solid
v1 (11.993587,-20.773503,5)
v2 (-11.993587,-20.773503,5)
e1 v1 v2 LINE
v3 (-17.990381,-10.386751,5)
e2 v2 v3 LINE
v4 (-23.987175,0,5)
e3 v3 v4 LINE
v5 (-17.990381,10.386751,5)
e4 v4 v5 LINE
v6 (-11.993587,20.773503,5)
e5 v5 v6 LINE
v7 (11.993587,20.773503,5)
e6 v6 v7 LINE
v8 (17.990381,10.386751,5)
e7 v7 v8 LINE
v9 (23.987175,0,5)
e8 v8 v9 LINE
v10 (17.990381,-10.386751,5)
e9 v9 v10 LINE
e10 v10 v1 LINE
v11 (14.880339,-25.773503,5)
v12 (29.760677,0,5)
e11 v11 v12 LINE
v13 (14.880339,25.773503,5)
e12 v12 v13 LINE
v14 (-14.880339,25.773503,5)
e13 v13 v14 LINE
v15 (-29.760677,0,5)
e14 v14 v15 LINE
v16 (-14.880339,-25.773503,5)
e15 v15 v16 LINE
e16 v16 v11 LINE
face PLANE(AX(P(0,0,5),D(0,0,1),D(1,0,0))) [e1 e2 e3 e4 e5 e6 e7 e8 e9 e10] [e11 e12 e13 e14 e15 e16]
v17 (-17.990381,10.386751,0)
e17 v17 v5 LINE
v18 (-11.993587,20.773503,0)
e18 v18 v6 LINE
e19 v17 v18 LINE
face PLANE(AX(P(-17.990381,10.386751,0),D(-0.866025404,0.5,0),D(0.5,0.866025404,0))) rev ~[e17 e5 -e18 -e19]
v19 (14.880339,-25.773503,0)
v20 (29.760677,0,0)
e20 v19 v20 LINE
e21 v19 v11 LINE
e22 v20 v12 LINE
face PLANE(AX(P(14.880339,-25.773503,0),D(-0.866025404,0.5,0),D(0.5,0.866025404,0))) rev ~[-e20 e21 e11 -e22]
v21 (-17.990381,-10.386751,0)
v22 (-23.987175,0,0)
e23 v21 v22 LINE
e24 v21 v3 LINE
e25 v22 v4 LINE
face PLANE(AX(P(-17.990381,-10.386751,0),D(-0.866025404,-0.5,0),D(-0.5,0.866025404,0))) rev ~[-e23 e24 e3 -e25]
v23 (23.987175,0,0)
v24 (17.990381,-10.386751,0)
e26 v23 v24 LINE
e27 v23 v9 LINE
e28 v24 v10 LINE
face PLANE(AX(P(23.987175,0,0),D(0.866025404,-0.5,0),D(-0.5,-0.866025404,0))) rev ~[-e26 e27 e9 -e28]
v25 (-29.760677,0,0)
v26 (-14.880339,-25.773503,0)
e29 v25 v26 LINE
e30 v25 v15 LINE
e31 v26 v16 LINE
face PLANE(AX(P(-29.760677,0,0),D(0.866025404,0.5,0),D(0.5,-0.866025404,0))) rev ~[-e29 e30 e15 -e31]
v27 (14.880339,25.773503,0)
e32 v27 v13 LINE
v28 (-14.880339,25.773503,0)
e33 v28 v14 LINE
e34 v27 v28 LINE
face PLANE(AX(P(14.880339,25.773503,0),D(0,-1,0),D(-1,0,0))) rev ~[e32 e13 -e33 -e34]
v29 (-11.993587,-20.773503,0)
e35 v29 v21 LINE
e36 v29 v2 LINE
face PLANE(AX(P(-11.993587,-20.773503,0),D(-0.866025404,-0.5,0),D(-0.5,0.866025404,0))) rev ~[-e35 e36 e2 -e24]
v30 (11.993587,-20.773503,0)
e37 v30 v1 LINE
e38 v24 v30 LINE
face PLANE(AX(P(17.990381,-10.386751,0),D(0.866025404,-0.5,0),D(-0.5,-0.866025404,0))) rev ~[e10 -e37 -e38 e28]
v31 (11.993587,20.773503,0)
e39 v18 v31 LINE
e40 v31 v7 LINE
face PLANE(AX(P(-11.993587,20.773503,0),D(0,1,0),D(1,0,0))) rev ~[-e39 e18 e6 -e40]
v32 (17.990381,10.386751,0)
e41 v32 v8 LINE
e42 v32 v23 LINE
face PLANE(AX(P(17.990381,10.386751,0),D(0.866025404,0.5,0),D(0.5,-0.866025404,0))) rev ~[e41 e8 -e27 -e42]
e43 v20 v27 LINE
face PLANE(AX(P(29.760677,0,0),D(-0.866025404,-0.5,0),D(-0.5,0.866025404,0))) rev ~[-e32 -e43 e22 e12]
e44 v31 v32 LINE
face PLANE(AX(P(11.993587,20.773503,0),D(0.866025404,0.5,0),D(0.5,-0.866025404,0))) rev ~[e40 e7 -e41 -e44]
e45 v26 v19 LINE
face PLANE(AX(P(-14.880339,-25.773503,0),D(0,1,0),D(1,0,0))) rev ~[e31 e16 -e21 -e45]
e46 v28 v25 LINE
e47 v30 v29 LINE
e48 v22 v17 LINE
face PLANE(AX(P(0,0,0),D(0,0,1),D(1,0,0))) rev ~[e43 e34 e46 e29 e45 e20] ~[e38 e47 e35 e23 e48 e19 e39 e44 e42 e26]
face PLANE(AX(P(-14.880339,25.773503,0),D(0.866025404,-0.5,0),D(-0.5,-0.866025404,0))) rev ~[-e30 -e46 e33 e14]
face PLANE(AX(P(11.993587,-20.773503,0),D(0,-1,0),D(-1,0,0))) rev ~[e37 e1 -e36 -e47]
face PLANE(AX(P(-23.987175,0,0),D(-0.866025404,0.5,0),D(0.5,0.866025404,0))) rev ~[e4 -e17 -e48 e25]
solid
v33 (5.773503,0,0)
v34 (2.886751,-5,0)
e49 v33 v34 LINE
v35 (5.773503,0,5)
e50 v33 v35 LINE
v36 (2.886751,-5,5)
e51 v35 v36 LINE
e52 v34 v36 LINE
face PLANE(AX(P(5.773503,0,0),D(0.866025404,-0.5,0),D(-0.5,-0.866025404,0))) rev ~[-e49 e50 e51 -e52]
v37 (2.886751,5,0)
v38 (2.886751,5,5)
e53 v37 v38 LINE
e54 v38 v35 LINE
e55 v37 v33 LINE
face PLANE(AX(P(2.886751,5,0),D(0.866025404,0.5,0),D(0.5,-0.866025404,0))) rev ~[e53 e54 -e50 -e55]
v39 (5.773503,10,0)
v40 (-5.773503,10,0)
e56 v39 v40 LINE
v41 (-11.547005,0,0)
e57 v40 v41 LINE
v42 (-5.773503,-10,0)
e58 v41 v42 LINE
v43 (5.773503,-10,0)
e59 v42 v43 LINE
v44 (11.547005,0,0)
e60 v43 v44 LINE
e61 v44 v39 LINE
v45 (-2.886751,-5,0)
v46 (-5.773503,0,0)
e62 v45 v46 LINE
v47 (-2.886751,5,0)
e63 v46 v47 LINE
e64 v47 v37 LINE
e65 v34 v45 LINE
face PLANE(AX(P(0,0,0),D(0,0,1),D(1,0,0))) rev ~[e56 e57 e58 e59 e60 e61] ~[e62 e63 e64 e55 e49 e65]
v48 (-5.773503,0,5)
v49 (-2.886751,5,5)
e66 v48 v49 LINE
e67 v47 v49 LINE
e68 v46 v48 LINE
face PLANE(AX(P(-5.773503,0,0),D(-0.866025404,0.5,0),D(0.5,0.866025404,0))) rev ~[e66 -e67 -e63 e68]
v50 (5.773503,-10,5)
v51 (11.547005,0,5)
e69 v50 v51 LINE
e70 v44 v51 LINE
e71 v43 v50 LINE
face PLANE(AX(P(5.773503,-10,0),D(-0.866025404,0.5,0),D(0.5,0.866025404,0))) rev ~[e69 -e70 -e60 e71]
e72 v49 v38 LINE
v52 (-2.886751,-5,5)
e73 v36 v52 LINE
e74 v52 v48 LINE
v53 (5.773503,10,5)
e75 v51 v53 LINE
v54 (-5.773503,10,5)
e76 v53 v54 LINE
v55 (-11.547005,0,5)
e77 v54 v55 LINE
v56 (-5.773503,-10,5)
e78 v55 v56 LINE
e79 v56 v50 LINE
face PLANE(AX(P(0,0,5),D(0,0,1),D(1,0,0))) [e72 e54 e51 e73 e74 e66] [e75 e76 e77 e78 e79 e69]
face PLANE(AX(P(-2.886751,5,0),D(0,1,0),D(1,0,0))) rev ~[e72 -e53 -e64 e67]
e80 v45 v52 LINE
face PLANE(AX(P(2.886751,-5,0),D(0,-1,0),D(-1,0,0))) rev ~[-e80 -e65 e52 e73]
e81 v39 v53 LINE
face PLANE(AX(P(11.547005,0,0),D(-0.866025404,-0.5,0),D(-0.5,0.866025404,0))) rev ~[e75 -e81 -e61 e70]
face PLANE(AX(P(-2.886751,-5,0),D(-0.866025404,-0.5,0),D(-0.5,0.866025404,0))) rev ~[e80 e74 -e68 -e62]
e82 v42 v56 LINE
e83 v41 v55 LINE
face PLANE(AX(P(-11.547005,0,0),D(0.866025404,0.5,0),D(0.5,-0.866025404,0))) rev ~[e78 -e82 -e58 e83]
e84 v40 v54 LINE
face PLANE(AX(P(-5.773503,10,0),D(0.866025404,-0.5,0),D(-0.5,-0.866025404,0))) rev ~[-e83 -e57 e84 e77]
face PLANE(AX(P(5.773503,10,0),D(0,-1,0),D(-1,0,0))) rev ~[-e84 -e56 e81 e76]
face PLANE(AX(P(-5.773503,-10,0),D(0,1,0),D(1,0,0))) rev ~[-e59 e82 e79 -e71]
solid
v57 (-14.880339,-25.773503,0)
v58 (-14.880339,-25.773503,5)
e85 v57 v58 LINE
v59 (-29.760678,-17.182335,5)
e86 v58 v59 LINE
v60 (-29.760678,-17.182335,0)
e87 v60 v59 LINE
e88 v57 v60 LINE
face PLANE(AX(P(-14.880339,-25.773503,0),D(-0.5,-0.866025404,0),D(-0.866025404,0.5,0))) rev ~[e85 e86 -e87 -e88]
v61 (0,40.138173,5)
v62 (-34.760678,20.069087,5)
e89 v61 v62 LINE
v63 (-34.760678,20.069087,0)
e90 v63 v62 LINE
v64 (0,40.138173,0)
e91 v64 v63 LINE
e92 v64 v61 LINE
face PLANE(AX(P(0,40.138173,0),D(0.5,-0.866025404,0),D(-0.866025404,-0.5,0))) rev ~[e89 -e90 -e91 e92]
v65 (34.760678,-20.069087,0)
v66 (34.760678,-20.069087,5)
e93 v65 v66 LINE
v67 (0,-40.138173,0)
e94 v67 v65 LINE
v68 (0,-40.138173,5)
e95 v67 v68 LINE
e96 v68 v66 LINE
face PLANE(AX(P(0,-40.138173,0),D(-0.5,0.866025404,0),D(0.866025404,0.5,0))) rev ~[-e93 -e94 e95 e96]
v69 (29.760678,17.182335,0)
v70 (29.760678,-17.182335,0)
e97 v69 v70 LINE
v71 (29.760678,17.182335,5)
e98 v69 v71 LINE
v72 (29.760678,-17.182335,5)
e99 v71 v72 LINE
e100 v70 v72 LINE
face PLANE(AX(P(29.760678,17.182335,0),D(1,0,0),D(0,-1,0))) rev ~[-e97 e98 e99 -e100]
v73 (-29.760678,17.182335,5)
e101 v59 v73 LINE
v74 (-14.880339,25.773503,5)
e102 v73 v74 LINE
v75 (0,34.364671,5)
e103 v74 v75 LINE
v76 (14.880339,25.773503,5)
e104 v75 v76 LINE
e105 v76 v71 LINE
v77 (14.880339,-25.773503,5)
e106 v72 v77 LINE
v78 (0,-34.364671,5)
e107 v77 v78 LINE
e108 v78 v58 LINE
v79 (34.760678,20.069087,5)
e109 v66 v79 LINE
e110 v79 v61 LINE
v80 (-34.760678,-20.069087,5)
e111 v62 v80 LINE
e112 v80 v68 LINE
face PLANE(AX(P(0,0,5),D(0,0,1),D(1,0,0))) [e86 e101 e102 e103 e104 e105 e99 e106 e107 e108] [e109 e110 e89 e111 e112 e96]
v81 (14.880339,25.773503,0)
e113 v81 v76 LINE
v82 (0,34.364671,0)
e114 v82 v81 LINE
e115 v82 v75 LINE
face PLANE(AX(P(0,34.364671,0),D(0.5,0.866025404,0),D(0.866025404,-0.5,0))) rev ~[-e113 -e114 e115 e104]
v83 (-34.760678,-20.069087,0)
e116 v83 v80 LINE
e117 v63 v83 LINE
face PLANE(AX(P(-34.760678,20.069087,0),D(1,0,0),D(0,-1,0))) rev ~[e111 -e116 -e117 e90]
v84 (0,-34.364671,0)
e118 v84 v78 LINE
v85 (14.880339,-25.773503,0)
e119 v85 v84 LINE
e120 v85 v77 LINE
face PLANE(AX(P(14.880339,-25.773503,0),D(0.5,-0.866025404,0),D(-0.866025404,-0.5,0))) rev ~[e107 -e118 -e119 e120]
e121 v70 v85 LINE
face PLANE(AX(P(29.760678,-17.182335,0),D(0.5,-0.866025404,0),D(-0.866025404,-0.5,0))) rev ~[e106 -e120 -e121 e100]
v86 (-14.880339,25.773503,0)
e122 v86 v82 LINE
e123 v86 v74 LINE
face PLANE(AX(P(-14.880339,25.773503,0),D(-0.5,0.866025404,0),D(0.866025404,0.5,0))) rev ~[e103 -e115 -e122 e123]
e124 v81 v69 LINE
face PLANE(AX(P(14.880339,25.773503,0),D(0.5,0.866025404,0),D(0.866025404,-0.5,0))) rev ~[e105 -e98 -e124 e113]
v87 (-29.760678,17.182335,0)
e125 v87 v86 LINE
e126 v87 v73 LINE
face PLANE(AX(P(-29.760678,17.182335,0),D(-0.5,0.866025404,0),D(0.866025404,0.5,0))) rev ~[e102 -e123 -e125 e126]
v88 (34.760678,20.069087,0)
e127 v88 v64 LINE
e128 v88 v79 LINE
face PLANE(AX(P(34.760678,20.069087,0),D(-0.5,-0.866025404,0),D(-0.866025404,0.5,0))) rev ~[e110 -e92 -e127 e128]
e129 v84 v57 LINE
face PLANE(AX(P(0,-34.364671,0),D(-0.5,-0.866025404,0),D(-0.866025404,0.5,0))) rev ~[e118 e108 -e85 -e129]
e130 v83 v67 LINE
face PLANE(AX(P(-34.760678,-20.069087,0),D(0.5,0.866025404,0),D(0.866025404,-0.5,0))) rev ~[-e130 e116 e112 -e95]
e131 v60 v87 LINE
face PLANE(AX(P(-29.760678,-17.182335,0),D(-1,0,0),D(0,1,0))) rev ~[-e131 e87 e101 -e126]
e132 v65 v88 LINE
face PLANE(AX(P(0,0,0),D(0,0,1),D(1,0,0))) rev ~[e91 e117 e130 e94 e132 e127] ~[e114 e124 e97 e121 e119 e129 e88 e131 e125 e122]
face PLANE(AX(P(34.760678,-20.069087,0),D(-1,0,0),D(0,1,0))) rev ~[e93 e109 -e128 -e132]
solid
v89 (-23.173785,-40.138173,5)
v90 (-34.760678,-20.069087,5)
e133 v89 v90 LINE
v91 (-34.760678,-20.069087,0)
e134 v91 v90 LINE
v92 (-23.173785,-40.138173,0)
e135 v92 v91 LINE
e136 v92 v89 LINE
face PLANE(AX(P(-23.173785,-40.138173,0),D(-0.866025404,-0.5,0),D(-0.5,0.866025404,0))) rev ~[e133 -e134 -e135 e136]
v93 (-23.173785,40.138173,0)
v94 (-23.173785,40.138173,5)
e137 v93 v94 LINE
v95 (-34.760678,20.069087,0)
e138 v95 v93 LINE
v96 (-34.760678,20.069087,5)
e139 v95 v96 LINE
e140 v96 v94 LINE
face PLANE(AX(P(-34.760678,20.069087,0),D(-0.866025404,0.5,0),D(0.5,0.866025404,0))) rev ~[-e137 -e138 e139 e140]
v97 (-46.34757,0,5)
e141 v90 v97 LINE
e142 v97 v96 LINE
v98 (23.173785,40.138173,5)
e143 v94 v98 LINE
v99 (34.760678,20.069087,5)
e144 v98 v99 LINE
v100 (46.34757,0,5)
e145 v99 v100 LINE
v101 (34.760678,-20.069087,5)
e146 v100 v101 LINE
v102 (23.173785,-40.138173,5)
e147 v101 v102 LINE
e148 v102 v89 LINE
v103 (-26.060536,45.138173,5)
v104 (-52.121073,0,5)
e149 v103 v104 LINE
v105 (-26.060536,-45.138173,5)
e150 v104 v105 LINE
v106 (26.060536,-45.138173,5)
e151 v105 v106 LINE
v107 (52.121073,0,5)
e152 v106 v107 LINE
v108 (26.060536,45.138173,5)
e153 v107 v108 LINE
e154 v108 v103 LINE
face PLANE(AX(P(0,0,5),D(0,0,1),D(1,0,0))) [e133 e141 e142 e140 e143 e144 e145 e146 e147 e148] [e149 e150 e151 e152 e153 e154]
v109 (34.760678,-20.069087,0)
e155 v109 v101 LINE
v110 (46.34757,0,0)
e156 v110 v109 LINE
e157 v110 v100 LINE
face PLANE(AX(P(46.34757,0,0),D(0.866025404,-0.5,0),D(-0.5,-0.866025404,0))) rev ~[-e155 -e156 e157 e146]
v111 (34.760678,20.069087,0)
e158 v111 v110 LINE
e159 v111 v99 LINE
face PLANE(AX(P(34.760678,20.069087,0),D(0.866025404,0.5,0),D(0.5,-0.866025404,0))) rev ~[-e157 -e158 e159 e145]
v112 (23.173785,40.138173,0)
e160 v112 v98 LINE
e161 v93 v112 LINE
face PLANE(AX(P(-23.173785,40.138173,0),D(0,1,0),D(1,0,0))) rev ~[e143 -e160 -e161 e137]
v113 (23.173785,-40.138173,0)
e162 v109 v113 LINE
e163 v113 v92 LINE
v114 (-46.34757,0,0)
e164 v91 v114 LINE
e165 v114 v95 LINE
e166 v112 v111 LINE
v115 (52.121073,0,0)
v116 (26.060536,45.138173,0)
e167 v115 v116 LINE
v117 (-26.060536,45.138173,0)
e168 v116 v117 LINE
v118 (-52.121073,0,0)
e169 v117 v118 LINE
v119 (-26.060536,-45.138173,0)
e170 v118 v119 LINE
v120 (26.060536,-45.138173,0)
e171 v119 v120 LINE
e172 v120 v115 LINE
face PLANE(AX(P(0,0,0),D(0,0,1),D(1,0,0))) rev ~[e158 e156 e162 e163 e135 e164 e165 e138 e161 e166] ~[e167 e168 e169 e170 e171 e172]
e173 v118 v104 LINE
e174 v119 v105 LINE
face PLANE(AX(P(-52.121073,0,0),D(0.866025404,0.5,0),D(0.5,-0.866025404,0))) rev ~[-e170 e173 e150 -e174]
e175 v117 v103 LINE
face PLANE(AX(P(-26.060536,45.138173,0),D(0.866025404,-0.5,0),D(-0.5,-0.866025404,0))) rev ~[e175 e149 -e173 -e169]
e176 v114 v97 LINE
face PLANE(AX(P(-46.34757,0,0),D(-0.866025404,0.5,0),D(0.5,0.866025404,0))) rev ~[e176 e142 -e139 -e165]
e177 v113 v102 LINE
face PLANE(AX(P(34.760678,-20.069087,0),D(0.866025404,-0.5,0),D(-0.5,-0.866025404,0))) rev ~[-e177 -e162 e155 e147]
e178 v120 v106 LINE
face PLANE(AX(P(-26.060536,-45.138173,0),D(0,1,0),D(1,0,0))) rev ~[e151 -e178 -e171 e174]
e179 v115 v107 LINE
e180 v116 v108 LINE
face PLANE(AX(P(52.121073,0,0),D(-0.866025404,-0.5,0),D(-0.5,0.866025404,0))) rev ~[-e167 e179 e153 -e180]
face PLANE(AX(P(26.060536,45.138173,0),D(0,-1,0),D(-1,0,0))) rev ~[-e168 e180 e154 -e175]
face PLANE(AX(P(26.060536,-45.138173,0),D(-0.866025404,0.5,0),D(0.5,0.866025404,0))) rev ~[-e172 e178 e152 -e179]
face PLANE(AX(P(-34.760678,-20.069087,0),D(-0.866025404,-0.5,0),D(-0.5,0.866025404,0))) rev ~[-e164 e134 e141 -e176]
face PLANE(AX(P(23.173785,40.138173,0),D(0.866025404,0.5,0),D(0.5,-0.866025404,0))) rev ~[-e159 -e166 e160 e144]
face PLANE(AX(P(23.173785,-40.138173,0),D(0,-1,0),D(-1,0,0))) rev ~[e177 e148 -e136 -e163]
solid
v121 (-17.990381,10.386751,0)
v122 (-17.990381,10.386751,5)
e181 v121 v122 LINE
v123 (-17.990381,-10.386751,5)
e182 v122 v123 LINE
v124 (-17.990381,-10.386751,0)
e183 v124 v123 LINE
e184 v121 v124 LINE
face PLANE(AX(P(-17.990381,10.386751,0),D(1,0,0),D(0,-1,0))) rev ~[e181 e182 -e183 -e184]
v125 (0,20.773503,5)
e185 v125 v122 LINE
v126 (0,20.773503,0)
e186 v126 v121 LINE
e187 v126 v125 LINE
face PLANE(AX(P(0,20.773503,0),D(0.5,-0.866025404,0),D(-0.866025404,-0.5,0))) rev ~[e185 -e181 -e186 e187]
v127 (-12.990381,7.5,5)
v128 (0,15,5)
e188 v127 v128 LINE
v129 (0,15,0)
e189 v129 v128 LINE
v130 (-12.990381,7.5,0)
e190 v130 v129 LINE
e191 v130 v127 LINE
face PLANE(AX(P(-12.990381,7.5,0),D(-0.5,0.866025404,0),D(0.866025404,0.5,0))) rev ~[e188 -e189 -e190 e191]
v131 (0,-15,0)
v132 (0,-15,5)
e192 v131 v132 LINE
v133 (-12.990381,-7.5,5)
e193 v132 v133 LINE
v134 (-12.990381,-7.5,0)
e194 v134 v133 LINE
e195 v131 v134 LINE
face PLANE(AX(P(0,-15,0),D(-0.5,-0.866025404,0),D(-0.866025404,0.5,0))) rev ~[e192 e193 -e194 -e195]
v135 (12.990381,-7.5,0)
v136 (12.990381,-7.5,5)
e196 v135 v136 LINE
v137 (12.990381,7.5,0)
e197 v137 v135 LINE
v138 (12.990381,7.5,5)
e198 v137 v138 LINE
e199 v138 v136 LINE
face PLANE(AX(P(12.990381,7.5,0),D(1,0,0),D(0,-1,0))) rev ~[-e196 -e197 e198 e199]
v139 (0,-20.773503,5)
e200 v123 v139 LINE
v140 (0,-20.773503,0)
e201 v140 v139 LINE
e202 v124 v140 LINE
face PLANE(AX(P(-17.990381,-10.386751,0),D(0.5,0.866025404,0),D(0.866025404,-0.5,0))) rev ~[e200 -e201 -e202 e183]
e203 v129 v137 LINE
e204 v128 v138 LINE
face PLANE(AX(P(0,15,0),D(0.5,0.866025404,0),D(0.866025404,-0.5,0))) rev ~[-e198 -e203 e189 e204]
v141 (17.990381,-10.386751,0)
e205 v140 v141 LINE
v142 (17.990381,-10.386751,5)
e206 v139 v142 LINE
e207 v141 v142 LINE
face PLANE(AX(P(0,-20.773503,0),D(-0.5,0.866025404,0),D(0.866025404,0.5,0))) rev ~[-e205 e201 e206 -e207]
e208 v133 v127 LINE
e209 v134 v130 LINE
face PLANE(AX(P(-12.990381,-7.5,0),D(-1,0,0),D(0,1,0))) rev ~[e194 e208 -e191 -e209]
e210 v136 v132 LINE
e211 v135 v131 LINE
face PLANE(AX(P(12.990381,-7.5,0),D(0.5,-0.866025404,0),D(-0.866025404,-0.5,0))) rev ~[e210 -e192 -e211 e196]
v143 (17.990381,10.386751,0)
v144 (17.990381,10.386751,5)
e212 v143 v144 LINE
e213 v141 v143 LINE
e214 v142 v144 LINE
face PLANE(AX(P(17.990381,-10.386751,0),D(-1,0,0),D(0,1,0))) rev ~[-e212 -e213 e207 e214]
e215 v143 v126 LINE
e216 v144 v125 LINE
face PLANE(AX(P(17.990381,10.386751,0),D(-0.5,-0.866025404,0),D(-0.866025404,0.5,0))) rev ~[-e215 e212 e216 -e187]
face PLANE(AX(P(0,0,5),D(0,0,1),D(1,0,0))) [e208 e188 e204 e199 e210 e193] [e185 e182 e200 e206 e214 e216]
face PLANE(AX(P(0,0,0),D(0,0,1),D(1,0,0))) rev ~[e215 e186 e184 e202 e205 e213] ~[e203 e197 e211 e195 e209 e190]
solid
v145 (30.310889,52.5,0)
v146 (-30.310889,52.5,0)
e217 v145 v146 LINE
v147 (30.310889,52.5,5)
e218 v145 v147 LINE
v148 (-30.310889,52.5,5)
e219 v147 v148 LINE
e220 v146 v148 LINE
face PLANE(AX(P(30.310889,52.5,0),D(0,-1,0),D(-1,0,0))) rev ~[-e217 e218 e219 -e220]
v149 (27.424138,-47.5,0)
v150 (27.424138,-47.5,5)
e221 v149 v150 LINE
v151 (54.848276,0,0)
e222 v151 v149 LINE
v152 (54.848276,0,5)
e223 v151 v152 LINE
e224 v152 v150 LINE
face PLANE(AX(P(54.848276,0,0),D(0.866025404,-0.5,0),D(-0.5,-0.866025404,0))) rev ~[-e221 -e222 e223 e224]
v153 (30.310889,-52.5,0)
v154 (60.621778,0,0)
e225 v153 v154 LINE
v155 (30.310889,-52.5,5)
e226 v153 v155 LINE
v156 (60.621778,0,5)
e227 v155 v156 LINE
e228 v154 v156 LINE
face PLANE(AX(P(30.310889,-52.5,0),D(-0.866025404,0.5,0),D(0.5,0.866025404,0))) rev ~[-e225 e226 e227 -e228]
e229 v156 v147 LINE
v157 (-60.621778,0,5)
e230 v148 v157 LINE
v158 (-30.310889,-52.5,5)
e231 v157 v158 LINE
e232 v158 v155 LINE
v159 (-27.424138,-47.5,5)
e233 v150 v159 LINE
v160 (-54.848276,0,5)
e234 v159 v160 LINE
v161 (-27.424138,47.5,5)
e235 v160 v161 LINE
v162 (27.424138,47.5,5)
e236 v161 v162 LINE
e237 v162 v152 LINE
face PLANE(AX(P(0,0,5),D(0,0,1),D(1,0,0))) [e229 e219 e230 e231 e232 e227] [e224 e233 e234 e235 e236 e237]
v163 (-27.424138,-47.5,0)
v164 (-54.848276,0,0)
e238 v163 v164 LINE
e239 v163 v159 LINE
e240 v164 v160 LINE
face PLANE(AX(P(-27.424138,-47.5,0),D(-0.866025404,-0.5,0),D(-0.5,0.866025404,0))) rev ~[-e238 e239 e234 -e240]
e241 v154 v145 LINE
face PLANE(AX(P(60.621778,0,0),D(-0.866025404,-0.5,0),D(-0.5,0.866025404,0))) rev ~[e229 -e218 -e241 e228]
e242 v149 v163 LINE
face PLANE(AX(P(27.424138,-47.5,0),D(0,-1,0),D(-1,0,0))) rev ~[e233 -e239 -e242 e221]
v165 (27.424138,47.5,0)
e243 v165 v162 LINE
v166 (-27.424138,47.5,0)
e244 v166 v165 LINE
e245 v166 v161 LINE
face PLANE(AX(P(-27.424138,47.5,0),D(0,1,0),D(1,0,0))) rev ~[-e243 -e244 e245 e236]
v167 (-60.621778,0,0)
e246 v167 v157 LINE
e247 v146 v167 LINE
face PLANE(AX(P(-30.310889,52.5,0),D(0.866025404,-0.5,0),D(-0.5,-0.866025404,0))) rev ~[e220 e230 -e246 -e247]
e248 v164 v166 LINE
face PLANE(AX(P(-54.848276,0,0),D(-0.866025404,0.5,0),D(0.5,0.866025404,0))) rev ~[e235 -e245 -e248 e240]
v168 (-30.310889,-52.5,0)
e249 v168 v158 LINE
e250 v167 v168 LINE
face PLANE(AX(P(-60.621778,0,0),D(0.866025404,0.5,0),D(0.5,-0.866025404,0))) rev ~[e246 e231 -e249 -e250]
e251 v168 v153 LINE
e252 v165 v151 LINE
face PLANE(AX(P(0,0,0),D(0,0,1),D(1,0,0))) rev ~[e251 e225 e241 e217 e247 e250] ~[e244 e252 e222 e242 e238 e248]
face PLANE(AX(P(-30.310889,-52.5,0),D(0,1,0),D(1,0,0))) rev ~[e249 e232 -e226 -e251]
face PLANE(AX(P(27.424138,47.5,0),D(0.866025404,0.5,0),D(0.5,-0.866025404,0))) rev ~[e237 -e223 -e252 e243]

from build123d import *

# Parameters (mm, degrees)
F1_DEPTH = 5


with BuildPart() as f1:
    # F0 (on Top) → F1 (new body)
    with BuildSketch(Plane.XY):
        Polygon((0, 40.1381732757), (-34.7606777183, 20.0690866379), (-34.7606777183, -20.0690866379), (0, -40.1381732757), (34.7606777183, -20.0690866379), (34.7606777183, 20.0690866379), align=None)
        Polygon((-29.7606777183, -17.1823352919), (-29.7606777183, 0), (-29.7606777183, 17.1823352919), (-14.8803388591, 25.7735029379), (0, 34.3646705838), (14.8803388591, 25.7735029379), (29.7606777183, 17.1823352919), (29.7606777183, 0), (29.7606777183, -17.1823352919), (14.8803388591, -25.7735029379), (0, -34.3646705838), (-14.8803388591, -25.7735029379), align=None, mode=Mode.SUBTRACT)
    extrude(amount=F1_DEPTH)


with BuildPart() as f1b:
    # F0 (on Top) → F1, piece 2 (new body)
    with BuildSketch(Plane.XY):
        Polygon((-14.8803387171, 25.7735026919), (-29.7606774343, 0), (-14.8803387171, -25.7735026919), (14.8803387171, -25.7735026919), (29.7606774343, 0), (14.8803387171, 25.7735026919), align=None)
        Polygon((-23.9871747424, 0), (-17.9903810568, 10.3867513459), (-11.9935873712, 20.7735026919), (0, 20.7735026919), (11.9935873712, 20.7735026919), (17.9903810568, 10.3867513459), (23.9871747424, 0), (17.9903810568, -10.3867513459), (11.9935873712, -20.7735026919), (0, -20.7735026919), (-11.9935873712, -20.7735026919), (-17.9903810568, -10.3867513459), align=None, mode=Mode.SUBTRACT)
    extrude(amount=F1_DEPTH)


with BuildPart() as f1c:
    # F0 (on Top) → F1, piece 3 (new body)
    with BuildSketch(Plane.XY):
        Polygon((0, 20.7735026919), (-17.9903810568, 10.3867513459), (-17.9903810568, -10.3867513459), (0, -20.7735026919), (17.9903810568, -10.3867513459), (17.9903810568, 10.3867513459), align=None)
        Polygon((0, 15), (12.9903810568, 7.5), (12.9903810568, -7.5), (0, -15), (-12.9903810568, -7.5), (-12.9903810568, 7.5), align=None, mode=Mode.SUBTRACT)
    extrude(amount=F1_DEPTH)


with BuildPart() as f1d:
    # F0 (on Top) → F1, piece 4 (new body)
    with BuildSketch(Plane.XY):
        Polygon((-5.7735026919, 10), (-11.5470053838, 0), (-5.7735026919, -10), (5.7735026919, -10), (11.5470053838, 0), (5.7735026919, 10), align=None)
        Polygon((-5.7735026919, 0), (-2.8867513459, 5), (2.8867513459, 5), (5.7735026919, 0), (2.8867513459, -5), (-2.8867513459, -5), align=None, mode=Mode.SUBTRACT)
    extrude(amount=F1_DEPTH)


with BuildPart() as f1e:
    # F0 (on Top) → F1, piece 5 (new body)
    with BuildSketch(Plane.XY):
        Polygon((52.1210729829, 0), (26.0605364915, 45.1381732757), (-26.0605364915, 45.1381732757), (-52.1210729829, 0), (-26.0605364915, -45.1381732757), (26.0605364915, -45.1381732757), align=None)
        Polygon((-46.3475702911, 0), (-34.7606777183, 20.0690866379), (-23.1737851455, 40.1381732757), (0, 40.1381732757), (23.1737851455, 40.1381732757), (34.7606777183, 20.0690866379), (46.3475702911, 0), (34.7606777183, -20.0690866379), (23.1737851455, -40.1381732757), (0, -40.1381732757), (-23.1737851455, -40.1381732757), (-34.7606777183, -20.0690866379), align=None, mode=Mode.SUBTRACT)
    extrude(amount=F1_DEPTH)


with BuildPart() as f1f:
    # F0 (on Top) → F1, piece 6 (new body)
    with BuildSketch(Plane.XY):
        Polygon((-30.3108891325, 52.5), (-60.6217782649, 0), (-30.3108891325, -52.5), (30.3108891325, -52.5), (60.6217782649, 0), (30.3108891325, 52.5), align=None)
        Polygon((-54.848275573, 0), (-27.4241377865, 47.5), (27.4241377865, 47.5), (54.848275573, 0), (27.4241377865, -47.5), (-27.4241377865, -47.5), align=None, mode=Mode.SUBTRACT)
    extrude(amount=F1_DEPTH)


solid = Compound([f1.part, f1b.part, f1c.part, f1d.part, f1e.part, f1f.part])
